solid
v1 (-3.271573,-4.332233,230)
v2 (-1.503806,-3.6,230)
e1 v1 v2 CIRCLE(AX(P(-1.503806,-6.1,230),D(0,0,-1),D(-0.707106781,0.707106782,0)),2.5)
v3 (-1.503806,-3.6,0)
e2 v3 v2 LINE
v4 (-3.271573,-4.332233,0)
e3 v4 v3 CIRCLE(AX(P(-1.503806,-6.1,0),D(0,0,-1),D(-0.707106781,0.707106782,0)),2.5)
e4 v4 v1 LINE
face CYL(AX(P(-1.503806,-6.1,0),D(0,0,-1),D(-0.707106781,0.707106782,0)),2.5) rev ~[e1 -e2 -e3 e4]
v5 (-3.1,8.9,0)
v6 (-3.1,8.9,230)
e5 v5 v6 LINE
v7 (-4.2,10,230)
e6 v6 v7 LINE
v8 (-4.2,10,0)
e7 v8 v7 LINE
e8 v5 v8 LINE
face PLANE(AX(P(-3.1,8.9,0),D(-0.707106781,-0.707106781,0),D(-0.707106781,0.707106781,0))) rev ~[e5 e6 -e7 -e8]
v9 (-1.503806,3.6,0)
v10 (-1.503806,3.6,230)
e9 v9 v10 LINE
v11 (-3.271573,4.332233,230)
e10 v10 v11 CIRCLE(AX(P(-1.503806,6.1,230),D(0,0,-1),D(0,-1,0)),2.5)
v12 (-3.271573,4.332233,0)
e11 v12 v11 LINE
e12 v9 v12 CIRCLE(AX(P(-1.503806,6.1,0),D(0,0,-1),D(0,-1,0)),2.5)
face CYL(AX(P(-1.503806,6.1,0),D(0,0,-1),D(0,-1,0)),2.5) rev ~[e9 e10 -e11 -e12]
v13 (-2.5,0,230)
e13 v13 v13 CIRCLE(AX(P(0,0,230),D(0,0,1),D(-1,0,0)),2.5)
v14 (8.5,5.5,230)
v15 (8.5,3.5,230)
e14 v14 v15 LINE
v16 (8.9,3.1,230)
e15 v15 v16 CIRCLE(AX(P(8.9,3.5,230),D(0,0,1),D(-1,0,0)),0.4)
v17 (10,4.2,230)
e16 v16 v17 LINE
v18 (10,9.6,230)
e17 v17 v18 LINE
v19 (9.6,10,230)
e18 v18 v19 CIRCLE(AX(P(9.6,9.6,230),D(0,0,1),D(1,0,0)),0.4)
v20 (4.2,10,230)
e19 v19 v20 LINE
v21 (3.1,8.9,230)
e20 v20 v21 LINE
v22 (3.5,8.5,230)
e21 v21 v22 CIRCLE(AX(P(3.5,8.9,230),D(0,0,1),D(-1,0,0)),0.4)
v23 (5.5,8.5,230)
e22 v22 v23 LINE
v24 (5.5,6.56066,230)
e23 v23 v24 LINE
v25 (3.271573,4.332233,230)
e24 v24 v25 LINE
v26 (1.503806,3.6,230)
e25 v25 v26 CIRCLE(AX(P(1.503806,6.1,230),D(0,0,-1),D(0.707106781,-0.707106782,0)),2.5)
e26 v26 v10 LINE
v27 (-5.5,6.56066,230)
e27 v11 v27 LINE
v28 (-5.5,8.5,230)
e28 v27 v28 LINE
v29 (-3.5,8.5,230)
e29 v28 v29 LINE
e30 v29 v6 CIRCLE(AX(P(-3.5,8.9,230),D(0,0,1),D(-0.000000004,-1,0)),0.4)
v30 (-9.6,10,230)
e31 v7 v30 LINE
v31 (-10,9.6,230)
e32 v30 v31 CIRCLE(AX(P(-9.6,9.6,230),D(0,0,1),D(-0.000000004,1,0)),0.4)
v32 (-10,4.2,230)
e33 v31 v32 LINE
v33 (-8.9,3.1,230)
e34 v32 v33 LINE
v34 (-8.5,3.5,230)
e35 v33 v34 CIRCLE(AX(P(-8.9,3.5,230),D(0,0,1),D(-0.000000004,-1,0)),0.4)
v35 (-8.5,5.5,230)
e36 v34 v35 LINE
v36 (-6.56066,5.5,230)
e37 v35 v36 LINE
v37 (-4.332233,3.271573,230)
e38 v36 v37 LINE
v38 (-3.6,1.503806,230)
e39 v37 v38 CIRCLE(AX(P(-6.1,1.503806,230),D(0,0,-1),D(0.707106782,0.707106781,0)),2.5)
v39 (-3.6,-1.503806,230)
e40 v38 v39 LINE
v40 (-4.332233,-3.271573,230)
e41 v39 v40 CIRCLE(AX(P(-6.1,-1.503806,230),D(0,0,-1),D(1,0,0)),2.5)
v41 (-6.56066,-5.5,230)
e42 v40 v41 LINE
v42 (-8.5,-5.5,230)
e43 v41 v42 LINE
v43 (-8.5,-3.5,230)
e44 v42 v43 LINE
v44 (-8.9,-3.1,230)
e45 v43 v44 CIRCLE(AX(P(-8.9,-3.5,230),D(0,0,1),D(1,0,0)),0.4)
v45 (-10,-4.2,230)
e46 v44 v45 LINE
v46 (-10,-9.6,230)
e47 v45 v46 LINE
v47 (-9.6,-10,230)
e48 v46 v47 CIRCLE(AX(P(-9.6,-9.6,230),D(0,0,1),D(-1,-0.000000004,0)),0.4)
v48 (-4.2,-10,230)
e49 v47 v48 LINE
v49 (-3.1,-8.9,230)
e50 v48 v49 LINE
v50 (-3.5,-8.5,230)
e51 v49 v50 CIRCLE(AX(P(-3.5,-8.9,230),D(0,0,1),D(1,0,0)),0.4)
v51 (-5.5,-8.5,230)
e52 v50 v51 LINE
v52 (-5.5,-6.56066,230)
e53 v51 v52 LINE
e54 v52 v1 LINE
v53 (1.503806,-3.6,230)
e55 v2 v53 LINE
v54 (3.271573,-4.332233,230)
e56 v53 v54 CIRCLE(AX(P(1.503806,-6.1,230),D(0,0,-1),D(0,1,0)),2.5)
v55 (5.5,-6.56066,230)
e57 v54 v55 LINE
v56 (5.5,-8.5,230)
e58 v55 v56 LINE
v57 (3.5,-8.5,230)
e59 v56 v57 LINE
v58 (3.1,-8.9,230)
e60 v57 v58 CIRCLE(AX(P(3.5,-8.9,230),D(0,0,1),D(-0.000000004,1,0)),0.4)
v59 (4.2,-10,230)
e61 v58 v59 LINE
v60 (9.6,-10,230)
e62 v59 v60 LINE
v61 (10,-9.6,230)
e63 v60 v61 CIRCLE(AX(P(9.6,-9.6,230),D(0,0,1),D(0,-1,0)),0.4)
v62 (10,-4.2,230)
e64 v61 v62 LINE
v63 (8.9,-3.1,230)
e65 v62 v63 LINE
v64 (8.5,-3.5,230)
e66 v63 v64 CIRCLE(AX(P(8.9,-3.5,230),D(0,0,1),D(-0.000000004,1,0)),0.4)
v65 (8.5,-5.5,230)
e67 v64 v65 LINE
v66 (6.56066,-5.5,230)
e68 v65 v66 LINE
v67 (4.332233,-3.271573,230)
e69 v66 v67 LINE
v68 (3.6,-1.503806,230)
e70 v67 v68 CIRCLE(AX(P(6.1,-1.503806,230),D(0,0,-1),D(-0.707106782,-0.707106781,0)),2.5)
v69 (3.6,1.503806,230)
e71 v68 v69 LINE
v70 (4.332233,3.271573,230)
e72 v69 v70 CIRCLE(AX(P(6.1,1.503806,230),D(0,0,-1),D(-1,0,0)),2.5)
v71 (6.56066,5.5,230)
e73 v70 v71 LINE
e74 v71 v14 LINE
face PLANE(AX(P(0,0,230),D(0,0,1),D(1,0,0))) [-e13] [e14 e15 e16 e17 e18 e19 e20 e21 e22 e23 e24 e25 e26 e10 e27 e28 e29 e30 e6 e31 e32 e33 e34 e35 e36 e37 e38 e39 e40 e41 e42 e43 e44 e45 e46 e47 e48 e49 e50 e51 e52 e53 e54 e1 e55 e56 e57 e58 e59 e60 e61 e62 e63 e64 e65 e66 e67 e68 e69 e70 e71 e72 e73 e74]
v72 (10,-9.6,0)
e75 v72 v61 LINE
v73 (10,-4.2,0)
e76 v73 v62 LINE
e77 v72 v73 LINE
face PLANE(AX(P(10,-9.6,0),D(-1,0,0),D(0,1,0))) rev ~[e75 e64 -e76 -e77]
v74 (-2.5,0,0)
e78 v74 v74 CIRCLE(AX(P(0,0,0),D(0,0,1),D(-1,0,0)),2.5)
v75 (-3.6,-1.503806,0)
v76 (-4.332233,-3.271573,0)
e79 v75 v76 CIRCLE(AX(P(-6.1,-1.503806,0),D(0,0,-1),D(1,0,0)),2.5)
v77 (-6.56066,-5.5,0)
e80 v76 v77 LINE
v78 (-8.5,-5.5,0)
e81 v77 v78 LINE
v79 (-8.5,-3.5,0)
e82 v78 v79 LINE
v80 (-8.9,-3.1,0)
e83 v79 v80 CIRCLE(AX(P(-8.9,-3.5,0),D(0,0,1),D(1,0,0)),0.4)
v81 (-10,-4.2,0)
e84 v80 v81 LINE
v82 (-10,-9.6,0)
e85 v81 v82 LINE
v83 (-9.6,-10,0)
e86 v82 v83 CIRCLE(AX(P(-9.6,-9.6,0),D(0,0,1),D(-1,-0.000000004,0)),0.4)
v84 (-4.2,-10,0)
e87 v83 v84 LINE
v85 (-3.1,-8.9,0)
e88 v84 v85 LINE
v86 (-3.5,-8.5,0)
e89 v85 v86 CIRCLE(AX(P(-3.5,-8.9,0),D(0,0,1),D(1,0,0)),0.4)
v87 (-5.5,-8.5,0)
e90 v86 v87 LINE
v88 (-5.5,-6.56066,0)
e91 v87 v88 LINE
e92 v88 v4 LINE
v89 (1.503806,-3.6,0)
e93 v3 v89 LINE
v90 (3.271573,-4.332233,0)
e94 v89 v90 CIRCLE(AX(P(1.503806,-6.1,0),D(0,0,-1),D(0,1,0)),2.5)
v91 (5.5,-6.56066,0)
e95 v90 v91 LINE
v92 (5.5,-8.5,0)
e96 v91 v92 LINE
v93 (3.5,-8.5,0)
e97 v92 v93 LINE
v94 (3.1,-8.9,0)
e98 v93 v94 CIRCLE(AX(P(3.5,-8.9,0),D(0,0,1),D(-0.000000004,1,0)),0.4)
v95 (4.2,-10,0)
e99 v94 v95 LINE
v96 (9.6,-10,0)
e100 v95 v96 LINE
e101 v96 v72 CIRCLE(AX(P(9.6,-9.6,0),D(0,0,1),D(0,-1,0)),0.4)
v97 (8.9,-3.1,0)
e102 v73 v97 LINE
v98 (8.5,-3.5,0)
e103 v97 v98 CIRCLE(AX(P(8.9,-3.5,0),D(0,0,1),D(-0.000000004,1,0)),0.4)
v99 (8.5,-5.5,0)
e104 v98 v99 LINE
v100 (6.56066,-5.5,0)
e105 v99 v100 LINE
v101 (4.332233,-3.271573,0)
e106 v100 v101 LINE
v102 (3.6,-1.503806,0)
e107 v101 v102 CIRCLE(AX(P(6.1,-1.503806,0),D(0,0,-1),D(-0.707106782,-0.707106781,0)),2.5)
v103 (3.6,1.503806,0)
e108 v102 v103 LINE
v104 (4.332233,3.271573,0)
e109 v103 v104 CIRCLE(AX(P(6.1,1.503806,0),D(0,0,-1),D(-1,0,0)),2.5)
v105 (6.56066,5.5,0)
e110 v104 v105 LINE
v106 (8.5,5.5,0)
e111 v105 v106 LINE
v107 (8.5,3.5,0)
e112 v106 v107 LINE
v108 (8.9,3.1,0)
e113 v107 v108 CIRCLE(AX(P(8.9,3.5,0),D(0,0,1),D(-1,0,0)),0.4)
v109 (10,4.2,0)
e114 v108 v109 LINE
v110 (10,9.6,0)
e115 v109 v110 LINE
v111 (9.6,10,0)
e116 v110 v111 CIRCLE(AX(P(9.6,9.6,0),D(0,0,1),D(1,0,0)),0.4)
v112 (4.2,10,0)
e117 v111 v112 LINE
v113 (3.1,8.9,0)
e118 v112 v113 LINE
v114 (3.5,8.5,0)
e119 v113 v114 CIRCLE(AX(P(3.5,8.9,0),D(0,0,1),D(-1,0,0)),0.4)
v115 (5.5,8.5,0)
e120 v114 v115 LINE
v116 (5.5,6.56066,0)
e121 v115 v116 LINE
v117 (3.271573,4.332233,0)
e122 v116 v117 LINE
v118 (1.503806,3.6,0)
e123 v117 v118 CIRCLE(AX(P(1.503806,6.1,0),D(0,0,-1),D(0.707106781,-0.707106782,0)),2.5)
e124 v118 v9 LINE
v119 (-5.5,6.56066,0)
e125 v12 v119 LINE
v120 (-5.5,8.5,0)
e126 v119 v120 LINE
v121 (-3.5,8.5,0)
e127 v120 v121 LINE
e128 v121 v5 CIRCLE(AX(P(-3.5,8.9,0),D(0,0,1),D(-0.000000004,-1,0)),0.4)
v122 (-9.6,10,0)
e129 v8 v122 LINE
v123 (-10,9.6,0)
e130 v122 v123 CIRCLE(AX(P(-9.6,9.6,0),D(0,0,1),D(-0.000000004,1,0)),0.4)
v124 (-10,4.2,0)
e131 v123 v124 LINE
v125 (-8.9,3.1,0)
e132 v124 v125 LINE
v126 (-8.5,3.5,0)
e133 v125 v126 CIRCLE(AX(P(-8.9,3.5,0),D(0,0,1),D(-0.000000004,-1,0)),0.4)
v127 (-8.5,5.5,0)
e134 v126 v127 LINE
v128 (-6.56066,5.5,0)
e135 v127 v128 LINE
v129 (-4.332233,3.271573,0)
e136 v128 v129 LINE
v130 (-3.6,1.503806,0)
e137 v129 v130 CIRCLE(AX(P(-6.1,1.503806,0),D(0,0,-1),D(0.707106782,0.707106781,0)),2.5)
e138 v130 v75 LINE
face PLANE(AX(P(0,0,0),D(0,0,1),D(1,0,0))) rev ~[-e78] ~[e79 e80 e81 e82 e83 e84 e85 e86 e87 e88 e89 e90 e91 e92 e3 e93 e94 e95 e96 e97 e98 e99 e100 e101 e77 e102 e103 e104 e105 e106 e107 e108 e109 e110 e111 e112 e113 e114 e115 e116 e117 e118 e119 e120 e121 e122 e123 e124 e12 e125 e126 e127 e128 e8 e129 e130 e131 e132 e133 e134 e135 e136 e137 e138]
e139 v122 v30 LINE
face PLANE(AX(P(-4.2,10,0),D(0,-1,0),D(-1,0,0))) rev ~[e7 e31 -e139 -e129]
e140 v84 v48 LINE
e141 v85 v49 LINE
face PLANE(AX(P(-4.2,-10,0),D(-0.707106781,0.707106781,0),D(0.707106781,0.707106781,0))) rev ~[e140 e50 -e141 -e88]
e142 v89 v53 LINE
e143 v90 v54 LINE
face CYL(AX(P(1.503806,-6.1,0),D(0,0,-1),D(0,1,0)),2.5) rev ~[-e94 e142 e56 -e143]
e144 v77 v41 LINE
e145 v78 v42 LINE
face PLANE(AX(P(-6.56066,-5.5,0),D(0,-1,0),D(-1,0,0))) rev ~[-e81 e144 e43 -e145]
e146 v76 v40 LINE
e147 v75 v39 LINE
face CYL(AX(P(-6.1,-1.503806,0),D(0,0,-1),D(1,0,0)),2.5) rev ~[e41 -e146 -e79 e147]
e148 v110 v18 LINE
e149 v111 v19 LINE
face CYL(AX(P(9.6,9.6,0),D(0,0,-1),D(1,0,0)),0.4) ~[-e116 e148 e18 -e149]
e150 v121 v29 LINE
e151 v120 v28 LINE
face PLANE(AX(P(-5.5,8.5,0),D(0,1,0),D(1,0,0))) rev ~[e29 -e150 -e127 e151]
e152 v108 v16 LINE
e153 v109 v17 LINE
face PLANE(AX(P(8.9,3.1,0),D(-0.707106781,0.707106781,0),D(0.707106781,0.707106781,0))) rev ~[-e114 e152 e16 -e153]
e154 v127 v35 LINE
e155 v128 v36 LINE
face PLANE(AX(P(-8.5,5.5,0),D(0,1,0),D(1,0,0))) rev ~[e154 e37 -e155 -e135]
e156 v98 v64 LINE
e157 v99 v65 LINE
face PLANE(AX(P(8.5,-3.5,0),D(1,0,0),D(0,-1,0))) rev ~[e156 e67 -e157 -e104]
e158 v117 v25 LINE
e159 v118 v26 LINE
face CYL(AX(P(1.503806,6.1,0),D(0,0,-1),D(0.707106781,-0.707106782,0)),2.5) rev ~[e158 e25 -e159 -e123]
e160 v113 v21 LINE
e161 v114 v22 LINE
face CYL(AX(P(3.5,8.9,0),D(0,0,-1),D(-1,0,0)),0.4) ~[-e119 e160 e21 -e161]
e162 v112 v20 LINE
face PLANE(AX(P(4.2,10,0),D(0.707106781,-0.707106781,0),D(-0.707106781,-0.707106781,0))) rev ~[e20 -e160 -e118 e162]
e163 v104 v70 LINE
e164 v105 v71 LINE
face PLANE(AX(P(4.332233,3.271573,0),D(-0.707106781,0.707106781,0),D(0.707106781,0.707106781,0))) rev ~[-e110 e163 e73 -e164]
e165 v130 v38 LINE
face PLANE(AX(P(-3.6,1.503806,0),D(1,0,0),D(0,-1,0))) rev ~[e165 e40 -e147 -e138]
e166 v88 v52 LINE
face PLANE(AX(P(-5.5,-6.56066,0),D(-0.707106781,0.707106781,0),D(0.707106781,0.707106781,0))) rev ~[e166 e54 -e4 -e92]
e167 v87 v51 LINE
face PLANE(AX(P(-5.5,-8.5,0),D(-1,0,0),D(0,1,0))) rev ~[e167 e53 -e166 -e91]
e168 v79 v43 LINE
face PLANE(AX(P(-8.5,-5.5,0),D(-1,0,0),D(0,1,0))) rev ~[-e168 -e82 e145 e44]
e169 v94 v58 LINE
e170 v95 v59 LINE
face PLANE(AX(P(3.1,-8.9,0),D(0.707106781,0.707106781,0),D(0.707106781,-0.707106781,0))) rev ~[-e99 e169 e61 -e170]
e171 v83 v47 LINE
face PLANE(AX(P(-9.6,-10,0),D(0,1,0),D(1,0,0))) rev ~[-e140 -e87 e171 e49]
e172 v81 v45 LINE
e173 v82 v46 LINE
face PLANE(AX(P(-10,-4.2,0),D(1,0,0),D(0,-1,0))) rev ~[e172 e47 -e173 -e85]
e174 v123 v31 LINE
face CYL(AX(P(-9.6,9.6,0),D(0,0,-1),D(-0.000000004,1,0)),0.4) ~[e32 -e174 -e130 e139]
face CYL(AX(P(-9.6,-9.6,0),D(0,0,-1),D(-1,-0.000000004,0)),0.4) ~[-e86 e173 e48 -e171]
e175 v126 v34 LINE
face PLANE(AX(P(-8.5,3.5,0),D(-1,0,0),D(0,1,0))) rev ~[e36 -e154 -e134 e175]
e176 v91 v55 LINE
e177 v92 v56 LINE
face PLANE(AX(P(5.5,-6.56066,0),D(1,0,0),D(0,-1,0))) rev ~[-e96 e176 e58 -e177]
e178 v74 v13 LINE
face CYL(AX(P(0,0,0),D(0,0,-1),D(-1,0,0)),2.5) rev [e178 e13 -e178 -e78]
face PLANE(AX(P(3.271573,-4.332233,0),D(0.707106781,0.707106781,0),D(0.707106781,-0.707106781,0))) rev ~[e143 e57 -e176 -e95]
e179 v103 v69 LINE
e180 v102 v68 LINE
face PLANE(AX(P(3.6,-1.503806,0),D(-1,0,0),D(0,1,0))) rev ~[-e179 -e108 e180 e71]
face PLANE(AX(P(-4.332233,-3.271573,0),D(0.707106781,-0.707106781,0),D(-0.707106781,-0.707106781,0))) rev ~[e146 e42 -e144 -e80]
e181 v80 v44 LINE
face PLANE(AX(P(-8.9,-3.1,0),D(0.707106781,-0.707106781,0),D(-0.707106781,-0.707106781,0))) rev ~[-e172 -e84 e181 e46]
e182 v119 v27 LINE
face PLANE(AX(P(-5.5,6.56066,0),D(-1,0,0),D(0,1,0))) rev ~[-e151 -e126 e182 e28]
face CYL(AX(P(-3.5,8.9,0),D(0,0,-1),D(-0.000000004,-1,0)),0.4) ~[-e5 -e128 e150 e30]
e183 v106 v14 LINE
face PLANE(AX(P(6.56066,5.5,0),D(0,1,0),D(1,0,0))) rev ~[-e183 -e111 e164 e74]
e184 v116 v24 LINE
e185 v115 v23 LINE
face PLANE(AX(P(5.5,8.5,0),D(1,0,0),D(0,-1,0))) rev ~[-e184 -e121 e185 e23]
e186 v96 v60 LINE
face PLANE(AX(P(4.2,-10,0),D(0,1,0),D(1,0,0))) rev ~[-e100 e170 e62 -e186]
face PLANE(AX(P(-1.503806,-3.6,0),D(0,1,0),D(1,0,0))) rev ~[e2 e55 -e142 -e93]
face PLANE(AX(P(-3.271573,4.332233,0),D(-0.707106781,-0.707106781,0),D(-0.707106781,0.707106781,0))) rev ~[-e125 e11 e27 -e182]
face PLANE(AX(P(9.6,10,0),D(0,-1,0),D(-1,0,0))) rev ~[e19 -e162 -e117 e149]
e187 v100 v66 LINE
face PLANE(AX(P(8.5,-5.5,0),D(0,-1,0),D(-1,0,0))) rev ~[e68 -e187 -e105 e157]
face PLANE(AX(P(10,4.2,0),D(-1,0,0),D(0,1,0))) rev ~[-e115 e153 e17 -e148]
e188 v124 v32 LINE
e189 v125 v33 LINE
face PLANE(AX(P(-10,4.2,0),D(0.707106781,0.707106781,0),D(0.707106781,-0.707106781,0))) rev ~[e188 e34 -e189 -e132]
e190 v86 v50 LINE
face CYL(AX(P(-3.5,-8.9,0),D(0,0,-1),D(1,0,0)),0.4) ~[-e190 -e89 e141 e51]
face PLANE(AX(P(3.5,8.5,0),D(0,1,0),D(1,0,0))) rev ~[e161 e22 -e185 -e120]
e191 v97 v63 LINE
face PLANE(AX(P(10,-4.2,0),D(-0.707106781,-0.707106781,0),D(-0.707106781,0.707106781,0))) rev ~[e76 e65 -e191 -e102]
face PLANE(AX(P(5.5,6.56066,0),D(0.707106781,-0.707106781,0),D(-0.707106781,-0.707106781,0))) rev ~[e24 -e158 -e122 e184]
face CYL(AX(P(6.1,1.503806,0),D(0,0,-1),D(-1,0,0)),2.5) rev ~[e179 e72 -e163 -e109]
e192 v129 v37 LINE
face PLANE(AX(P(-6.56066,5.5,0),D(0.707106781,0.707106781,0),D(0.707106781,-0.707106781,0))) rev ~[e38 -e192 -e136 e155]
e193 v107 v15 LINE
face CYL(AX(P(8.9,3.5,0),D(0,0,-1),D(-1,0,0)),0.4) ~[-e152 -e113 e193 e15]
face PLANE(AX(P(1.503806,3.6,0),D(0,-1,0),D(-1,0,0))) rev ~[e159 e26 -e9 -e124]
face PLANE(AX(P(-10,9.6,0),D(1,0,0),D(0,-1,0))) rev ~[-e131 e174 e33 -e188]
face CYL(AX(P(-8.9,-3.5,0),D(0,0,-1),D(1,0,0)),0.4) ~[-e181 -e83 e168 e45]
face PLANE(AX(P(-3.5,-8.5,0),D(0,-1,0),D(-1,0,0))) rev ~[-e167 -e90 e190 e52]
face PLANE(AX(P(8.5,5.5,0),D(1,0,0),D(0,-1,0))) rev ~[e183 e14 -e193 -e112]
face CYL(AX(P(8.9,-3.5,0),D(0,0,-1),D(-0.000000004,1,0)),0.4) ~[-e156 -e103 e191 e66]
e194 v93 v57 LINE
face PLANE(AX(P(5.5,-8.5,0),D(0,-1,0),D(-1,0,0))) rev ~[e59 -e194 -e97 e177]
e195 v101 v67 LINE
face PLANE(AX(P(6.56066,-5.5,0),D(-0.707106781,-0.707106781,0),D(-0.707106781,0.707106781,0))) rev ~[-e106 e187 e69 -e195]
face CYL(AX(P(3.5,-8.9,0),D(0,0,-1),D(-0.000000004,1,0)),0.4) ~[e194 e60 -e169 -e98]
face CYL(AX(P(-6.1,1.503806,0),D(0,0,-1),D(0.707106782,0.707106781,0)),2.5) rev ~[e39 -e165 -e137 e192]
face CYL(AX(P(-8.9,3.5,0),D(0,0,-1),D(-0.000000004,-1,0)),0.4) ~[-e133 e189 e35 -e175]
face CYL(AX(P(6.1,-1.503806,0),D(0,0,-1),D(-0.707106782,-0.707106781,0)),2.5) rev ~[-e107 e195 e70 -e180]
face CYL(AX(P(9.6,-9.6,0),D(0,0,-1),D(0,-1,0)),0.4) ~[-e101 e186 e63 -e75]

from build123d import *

# Parameters (mm, degrees)
BOSS_EXTRU_1_DEPTH = 230


with BuildPart() as part:
    # Esquisse1 → Boss.-Extru.1 (new body)
    with BuildSketch(Plane.XY):
        with BuildLine():
            Line((-3.1, 8.9), (-4.2, 10))
            Line((-4.2, 10), (-9.6, 10))
            ThreePointArc((-9.6, 10), (-9.882842712, 9.882842712), (-10, 9.6))
            Line((-10, 9.6), (-10, 4.2))
            Line((-10, 4.2), (-8.9, 3.1))
            ThreePointArc((-8.9, 3.1), (-8.617157287, 3.217157287), (-8.5, 3.5))
            Line((-8.5, 3.5), (-8.5, 5.5))
            Line((-8.5, 5.5), (-6.560660172, 5.5))
            Line((-6.560660172, 5.5), (-4.332233047, 3.271572875))
            ThreePointArc((-4.332233047, 3.271572875), (-3.790301169, 2.460514503), (-3.6, 1.503805922))
            Line((-3.6, 1.503805922), (-3.6, 0))
            Line((-3.6, 0), (-3.6, -1.503805922))
            ThreePointArc((-3.6, -1.503805922), (-3.790301169, -2.460514503), (-4.332233047, -3.271572875))
            Line((-4.332233047, -3.271572875), (-6.560660172, -5.5))
            Line((-6.560660172, -5.5), (-8.5, -5.5))
            Line((-8.5, -5.5), (-8.5, -3.5))
            ThreePointArc((-8.5, -3.5), (-8.617157287, -3.217157288), (-8.9, -3.1))
            Line((-8.9, -3.1), (-10, -4.2))
            Line((-10, -4.2), (-10, -9.6))
            ThreePointArc((-10, -9.6), (-9.882842712, -9.882842712), (-9.6, -10))
            Line((-9.6, -10), (-4.2, -10))
            Line((-4.2, -10), (-3.1, -8.9))
            ThreePointArc((-3.1, -8.9), (-3.217157287, -8.617157288), (-3.5, -8.5))
            Line((-3.5, -8.5), (-5.5, -8.5))
            Line((-5.5, -8.5), (-5.5, -6.560660172))
            Line((-5.5, -6.560660172), (-3.271572875, -4.332233047))
            ThreePointArc((-3.271572875, -4.332233047), (-2.460514503, -3.790301169), (-1.503805922, -3.6))
            Line((-1.503805922, -3.6), (1.503805922, -3.6))
            ThreePointArc((1.503805922, -3.6), (2.460514503, -3.790301169), (3.271572875, -4.332233047))
            Line((3.271572875, -4.332233047), (5.5, -6.560660172))
            Line((5.5, -6.560660172), (5.5, -8.5))
            Line((5.5, -8.5), (3.5, -8.5))
            ThreePointArc((3.5, -8.5), (3.217157288, -8.617157288), (3.1, -8.9))
            Line((3.1, -8.9), (4.2, -10))
            Line((4.2, -10), (9.6, -10))
            ThreePointArc((9.6, -10), (9.882842713, -9.882842712), (10, -9.6))
            Line((10, -9.6), (10, -4.2))
            Line((10, -4.2), (8.9, -3.1))
            ThreePointArc((8.9, -3.1), (8.617157288, -3.217157288), (8.5, -3.5))
            Line((8.5, -3.5), (8.5, -5.5))
            Line((8.5, -5.5), (6.560660172, -5.5))
            Line((6.560660172, -5.5), (4.332233047, -3.271572875))
            ThreePointArc((4.332233047, -3.271572875), (3.790301169, -2.460514503), (3.6, -1.503805922))
            Line((3.6, -1.503805922), (3.6, 0))
            Line((3.6, 0), (3.6, 1.503805922))
            ThreePointArc((3.6, 1.503805922), (3.790301169, 2.460514503), (4.332233047, 3.271572875))
            Line((4.332233047, 3.271572875), (6.560660172, 5.5))
            Line((6.560660172, 5.5), (8.5, 5.5))
            Line((8.5, 5.5), (8.5, 3.5))
            ThreePointArc((8.5, 3.5), (8.617157288, 3.217157287), (8.9, 3.1))
            Line((8.9, 3.1), (10, 4.2))
            Line((10, 4.2), (10, 9.6))
            ThreePointArc((10, 9.6), (9.882842713, 9.882842712), (9.6, 10))
            Line((9.6, 10), (4.2, 10))
            Line((4.2, 10), (3.1, 8.9))
            ThreePointArc((3.1, 8.9), (3.217157288, 8.617157287), (3.5, 8.5))
            Line((3.5, 8.5), (5.5, 8.5))
            Line((5.5, 8.5), (5.5, 6.560660172))
            Line((5.5, 6.560660172), (3.271572875, 4.332233047))
            ThreePointArc((3.271572875, 4.332233047), (2.460514503, 3.790301169), (1.503805922, 3.6))
            Line((1.503805922, 3.6), (-1.503805922, 3.6))
            ThreePointArc((-1.503805922, 3.6), (-2.460514503, 3.790301169), (-3.271572875, 4.332233047))
            Line((-3.271572875, 4.332233047), (-5.5, 6.560660172))
            Line((-5.5, 6.560660172), (-5.5, 8.5))
            Line((-5.5, 8.5), (-3.5, 8.5))
            ThreePointArc((-3.5, 8.5), (-3.217157287, 8.617157287), (-3.1, 8.9))
        make_face()
        with BuildLine():
            ThreePointArc((2.5, 0), (0, 2.5), (-2.5, 0))
            ThreePointArc((-2.5, 0), (0, -2.5), (2.5, 0))
        make_face(mode=Mode.SUBTRACT)
    extrude(amount=BOSS_EXTRU_1_DEPTH)


solid = part.part
